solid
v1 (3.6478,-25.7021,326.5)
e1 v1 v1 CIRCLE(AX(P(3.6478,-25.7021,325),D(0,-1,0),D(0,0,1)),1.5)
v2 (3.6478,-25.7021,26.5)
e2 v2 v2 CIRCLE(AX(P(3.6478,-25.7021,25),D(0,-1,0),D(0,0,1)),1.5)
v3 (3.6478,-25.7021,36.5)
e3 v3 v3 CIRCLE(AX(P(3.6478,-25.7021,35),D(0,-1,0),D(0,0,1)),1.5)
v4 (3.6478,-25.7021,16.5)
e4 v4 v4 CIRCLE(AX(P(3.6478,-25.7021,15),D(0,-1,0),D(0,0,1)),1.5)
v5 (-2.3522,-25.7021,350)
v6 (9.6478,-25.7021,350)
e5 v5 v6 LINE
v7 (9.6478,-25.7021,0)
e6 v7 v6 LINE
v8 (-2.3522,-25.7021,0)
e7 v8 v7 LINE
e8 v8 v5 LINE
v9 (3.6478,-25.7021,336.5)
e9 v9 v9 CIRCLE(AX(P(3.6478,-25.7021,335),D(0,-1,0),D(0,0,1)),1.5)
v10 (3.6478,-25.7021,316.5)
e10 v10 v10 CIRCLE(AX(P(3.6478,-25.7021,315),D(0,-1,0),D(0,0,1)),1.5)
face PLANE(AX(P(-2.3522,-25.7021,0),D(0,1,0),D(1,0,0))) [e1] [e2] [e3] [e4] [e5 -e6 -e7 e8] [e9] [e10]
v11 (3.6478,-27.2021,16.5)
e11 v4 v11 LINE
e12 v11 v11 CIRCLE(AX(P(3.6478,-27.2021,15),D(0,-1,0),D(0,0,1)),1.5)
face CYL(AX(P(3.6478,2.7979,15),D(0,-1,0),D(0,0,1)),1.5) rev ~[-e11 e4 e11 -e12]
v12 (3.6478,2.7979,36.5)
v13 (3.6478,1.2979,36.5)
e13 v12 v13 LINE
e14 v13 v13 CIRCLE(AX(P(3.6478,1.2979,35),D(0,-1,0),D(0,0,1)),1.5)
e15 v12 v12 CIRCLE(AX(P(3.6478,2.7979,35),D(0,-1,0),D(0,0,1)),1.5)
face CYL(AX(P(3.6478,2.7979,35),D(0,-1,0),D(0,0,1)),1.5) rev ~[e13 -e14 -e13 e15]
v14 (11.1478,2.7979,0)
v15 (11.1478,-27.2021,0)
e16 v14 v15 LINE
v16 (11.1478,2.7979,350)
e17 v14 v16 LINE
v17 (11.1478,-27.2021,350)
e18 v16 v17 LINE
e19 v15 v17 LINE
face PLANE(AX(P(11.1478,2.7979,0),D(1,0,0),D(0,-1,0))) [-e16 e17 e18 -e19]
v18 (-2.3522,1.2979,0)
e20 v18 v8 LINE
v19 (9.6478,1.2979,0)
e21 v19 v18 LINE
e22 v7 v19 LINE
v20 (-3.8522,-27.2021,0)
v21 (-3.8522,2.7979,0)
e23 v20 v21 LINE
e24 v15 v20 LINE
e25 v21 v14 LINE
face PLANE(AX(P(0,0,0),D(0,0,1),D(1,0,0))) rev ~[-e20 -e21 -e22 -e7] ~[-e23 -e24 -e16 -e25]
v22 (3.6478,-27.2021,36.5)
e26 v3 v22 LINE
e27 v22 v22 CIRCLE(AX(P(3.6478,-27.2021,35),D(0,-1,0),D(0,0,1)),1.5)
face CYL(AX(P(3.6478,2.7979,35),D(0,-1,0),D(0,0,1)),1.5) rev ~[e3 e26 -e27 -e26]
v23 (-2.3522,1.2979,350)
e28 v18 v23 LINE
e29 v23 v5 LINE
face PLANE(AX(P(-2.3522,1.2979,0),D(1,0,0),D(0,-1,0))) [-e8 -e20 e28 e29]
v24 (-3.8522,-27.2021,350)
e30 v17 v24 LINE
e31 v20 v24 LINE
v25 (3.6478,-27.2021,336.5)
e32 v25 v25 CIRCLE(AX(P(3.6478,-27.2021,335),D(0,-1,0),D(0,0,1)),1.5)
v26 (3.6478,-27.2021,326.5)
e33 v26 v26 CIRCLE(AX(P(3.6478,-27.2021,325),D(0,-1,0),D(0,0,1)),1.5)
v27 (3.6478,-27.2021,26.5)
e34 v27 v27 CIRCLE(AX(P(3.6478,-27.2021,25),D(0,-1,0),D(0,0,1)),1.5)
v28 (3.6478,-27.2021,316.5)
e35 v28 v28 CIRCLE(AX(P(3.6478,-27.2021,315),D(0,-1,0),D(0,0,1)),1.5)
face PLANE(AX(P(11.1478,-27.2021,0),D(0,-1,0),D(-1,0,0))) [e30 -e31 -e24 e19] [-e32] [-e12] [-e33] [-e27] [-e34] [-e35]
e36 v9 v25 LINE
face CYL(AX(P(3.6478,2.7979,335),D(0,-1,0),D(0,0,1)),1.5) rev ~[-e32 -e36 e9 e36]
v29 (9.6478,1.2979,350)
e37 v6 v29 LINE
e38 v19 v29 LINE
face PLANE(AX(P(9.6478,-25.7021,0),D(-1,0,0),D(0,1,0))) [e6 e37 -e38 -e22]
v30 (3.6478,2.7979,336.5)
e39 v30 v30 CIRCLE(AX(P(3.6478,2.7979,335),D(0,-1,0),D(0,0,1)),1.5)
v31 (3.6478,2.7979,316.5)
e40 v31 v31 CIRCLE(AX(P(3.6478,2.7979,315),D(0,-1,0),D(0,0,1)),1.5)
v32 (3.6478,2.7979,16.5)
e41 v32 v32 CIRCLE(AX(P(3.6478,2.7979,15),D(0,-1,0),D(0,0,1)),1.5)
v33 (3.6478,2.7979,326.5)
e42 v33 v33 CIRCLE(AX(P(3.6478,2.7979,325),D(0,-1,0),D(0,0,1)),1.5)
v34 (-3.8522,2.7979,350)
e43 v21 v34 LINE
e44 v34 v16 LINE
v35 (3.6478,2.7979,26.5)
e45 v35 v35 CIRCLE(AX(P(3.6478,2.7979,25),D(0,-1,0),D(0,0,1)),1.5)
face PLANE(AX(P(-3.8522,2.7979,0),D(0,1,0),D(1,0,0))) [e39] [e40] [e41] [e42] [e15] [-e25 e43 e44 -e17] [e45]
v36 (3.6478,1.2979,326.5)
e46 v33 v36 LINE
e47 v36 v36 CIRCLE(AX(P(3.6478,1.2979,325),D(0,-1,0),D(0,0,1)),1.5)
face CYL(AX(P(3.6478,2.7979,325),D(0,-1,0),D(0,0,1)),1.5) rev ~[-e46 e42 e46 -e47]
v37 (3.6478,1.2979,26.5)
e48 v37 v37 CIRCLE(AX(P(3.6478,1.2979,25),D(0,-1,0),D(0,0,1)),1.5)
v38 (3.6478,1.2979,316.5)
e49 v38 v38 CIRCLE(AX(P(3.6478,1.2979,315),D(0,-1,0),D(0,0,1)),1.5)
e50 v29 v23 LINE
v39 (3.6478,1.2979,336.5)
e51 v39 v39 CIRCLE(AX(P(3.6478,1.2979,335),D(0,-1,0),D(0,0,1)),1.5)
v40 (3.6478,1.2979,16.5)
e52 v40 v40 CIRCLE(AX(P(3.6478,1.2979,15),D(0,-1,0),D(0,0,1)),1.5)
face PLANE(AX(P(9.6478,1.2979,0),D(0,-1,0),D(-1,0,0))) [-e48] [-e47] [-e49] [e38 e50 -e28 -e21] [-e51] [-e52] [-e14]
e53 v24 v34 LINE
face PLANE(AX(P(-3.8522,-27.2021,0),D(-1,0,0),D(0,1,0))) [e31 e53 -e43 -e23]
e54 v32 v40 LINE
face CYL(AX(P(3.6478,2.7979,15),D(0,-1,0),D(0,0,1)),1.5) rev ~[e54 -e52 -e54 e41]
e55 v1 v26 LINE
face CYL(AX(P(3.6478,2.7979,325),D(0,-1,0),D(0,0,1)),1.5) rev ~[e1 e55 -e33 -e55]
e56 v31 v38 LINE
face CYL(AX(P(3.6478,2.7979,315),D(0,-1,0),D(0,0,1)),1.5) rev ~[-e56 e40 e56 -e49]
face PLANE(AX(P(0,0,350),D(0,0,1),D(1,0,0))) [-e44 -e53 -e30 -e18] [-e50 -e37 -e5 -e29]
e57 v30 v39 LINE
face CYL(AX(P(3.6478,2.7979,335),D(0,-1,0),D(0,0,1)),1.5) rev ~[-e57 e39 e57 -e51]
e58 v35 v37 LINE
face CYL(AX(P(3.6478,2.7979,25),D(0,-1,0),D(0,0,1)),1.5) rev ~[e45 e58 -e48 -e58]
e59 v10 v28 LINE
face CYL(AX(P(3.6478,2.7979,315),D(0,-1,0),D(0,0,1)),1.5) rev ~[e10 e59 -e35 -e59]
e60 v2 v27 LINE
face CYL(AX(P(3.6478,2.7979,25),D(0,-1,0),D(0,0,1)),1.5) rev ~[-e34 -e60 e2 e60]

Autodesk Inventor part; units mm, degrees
ref_plane "YZ Plane" through (0, 0, 0) normal (1, 0, 0) x (0, 1, 0)
ref_plane "XZ Plane" through (0, 0, 0) normal (0, 1, 0) x (-1, 0, 0)
ref_plane "XY Plane" through (0, 0, 0) normal (0, 0, 1) x (1, 0, 0)
sketch "スケッチ1" plane through (0, 0, 0) normal (0, 0, 1) x (1, 0, 0)
  line L0 (-3.8522, 2.7979) -> (11.1478, 2.7979)
  line L1 (11.1478, 2.7979) -> (11.1478, -27.2021)
  line L2 (11.1478, -27.2021) -> (-3.8522, -27.2021)
  line L3 (-3.8522, -27.2021) -> (-3.8522, 2.7979)
  point P0 (0, 0)
  dimension "d0" = 15
  dimension "d1" = 30
extrude "押し出し1" add sketch "スケッチ1" along normal blind 350
sketch "スケッチ2" plane through (-3.8522, 2.7979, 0) normal (0, 1, 0) x (1, 0, 0)
  circle A0 centre (7.5, -335) radius 1.5
  line L0 (15, -350) -> (0, -350) projected
  circle A1 centre (7.5, -325) radius 1.5
  circle A2 centre (7.5, -315) radius 1.5
  line L1 (0, 0) -> (0, -350) projected
  line L2 (15, 0) -> (15, -350) projected
  circle A3 centre (7.5, -15) radius 1.5
  line L3 (0, 0) -> (15, 0) projected
  circle A4 centre (7.5, -25) radius 1.5
  circle A5 centre (7.5, -35) radius 1.5
  point P0 (3.8522, 0)
  dimension "d4" = 3
  dimension "d5" = 15
  dimension "d6" = 3
  dimension "d7" = 3
  dimension "d8" = 10
  dimension "d9" = 10
  dimension "d10" = 7.5
  dimension "d11" = 7.5
  dimension "d12" = 7.5
  dimension "d13" = 3
  dimension "d14" = 15
  dimension "d15" = 7.5
  dimension "d16" = 3
  dimension "d17" = 3
  dimension "d18" = 10
  dimension "d19" = 10
hole "穴1" at (3.6478, 2.7979, 335) at (3.6478, 2.7979, 325) at (3.6478, 2.7979, 315) at (3.6478, 2.7979, 35) at (3.6478, 2.7979, 25) at (3.6478, 2.7979, 15) direction (0, -1, 0) diameter 3 depth 30
sketch "スケッチ3" plane through (0, 0, 0) normal (0, 0, -1) x (-1, 0, 0)
  line L0 (-9.6478, 1.2979) -> (2.3522, 1.2979)
  line L1 (2.3522, 1.2979) -> (2.3522, -25.7021)
  line L2 (2.3522, -25.7021) -> (-9.6478, -25.7021)
  line L3 (-9.6478, -25.7021) -> (-9.6478, 1.2979)
  line L4 (3.8522, 2.7979) -> (-11.1478, 2.7979) projected
  line L5 (-11.1478, 2.7979) -> (-11.1478, -27.2021) projected
  point P0 (0, 0)
  dimension "d27" = 12
  dimension "d28" = 27
  dimension "d29" = 1.5
  dimension "d30" = 1.5
extrude "押し出し2" cut sketch "スケッチ3" against normal blind 350
sketch "スケッチ4" plane through (-3.8522, 2.7979, 0) normal (0, 1, 0) x (1, 0, 0)
  point P0 (3.8522, 0)
properties part number "nhk9" material "アルミニウム 6061"
